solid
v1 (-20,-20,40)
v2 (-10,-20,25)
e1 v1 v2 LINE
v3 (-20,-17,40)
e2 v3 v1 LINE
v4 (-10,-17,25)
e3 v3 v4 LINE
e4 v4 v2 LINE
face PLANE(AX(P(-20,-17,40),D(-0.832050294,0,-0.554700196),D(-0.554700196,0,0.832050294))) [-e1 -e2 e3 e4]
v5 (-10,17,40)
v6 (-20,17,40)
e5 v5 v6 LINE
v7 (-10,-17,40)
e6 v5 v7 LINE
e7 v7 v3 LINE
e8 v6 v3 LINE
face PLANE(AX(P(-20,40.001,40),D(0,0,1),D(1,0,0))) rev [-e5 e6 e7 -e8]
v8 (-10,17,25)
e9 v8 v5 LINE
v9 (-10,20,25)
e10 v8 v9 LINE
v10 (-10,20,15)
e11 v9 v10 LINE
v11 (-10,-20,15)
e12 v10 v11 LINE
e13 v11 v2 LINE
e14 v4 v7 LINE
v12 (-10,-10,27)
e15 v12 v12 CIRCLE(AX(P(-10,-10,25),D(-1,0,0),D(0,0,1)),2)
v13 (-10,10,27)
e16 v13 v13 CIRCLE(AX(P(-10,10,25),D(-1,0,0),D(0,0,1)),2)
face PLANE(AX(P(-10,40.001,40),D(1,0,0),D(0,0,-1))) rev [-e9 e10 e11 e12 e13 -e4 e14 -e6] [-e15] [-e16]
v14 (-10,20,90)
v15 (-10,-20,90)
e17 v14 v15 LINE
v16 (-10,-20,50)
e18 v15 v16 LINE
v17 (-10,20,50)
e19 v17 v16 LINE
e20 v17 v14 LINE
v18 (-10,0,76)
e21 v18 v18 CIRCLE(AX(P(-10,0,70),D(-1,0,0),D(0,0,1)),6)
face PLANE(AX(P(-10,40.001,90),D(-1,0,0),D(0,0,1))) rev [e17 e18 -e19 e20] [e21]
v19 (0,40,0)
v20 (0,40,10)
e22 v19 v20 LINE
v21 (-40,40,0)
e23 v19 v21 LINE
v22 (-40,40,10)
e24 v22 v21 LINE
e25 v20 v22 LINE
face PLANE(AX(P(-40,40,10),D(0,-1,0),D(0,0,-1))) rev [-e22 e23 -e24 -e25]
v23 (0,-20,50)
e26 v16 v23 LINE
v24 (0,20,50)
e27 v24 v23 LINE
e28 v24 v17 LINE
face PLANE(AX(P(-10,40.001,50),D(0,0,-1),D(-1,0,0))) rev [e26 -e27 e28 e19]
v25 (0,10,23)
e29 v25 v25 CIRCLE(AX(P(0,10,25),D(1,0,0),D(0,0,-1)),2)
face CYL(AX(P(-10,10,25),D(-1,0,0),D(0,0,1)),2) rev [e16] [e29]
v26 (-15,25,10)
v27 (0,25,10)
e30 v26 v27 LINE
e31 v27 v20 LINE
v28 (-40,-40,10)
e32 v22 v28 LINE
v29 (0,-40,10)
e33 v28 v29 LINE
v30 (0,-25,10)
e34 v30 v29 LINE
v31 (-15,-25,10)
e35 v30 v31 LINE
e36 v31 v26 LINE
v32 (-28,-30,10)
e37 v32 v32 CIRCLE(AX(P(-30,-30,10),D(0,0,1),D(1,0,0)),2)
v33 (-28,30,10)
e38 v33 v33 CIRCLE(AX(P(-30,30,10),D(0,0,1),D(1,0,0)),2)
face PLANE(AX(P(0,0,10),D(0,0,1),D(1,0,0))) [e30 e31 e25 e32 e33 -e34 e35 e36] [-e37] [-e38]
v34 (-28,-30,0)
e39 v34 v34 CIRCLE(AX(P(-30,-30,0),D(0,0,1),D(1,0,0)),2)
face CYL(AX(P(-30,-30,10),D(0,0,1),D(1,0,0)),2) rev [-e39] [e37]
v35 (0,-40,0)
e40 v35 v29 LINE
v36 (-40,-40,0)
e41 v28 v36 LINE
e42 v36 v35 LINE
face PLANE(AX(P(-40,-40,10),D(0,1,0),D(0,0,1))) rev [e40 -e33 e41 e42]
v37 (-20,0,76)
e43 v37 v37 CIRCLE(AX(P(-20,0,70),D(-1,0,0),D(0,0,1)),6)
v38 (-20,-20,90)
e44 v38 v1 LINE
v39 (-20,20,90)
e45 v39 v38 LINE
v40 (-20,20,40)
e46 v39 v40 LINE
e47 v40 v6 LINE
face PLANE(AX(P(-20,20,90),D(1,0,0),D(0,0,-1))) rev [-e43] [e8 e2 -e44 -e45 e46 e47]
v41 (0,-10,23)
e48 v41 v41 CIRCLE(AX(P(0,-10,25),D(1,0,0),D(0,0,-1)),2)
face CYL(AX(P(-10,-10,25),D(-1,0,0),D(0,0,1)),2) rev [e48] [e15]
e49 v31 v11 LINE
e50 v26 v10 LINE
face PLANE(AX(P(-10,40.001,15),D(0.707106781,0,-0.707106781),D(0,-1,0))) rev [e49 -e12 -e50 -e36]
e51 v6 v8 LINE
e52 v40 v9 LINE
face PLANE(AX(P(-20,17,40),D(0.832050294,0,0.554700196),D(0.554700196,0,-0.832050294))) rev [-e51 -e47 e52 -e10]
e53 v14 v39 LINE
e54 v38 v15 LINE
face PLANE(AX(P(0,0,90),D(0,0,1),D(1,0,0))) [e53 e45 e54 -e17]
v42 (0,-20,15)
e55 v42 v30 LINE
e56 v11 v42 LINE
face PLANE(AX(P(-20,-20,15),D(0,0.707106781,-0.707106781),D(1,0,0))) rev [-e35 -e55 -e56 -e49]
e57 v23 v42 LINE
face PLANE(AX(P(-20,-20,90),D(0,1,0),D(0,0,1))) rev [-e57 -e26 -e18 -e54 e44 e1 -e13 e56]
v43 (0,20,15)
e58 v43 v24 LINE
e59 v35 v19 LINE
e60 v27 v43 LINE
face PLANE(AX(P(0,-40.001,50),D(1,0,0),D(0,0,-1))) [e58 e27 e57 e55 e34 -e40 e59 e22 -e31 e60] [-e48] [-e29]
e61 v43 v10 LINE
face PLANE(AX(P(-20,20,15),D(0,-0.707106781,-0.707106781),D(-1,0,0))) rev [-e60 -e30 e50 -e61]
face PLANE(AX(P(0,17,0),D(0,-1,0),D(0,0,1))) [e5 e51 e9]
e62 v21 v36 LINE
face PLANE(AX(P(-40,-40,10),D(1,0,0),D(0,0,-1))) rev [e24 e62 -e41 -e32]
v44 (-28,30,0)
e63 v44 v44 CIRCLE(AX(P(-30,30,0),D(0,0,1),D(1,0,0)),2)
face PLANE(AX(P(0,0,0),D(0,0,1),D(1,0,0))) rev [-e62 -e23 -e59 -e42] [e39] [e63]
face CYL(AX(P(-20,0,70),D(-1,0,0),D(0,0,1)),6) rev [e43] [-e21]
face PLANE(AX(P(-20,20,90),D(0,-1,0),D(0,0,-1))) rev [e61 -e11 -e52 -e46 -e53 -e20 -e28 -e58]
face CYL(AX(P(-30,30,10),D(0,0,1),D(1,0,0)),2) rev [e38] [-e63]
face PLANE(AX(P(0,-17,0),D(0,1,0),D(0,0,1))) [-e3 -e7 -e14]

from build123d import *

# Parameters (mm, degrees)
SKETCH1_W                      = 80
SKETCH1_H                      = 80
BOSS_EXTRUDE1_DEPTH            = 10
SKETCH2_W                      = 40
SKETCH2_H                      = 40
BOSS_EXTRUDE2_DEPTH            = 80
F_4_0_4_DIAMETER_HOLE1_D       = 4
CUT_EXTRUDE1_REACH             = 117.326
CUT_EXTRUDE1_DIRECTION_2_REACH = 117.326
CUT_EXTRUDE2_REACH             = 117.326
SKETCH10_W                     = 10
SKETCH10_H                     = 30
BOSS_EXTRUDE3_DEPTH            = 3
F_12_0_MM_DOWEL_HOLES1_D       = 12
CHAMFER1_SIZE                  = 5


with BuildPart() as part:
    # Sketch1 → Boss-Extrude1 (new body)
    with BuildSketch(Plane(origin=(0, 0, 0), x_dir=(0, 1, 0), z_dir=(0, 0, 1))):
        Rectangle(SKETCH1_W, SKETCH1_H)
    extrude(amount=BOSS_EXTRUDE1_DEPTH)

    # Sketch2 → Boss-Extrude2 (add)
    with BuildSketch(Plane.XY.offset(10)):
        Rectangle(SKETCH2_W, SKETCH2_H)
    extrude(amount=BOSS_EXTRUDE2_DEPTH)

    # Ø4.0 (4) Diameter Hole1 (through all)
    with Locations(Plane.XY.offset(10)):
        with Locations((-30, -30), (30, -30)):
            f_4_0_4_diameter_hole1 = Hole(F_4_0_4_DIAMETER_HOLE1_D / 2)

    # Sketch9 → Cut-Extrude1 (cut, up to next)
    with BuildSketch(Plane.XZ.offset(20), mode=Mode.PRIVATE) as cut_extrude1_sk1:
        Polygon((-10, 90), (40, 90), (40, 45), (40, 0), (0, 0), (0, 50), (-10, 50), align=None)
    cut_extrude1_tool1 = extrude(cut_extrude1_sk1.sketch, amount=-CUT_EXTRUDE1_REACH, mode=Mode.PRIVATE) & part.part
    add(cut_extrude1_tool1.solids().sort_by_distance((17.5, -20, 47.5))[0], mode=Mode.SUBTRACT)

    # Sketch9 → Cut-Extrude1 direction 2 (cut, up to next)
    with BuildSketch(Plane.XZ.offset(20), mode=Mode.PRIVATE) as cut_extrude1_direction_2_sk1:
        Polygon((-10, 90), (40, 90), (40, 45), (40, 0), (0, 0), (0, 50), (-10, 50), align=None)
    cut_extrude1_direction_2_tool1 = extrude(cut_extrude1_direction_2_sk1.sketch, amount=CUT_EXTRUDE1_DIRECTION_2_REACH, mode=Mode.PRIVATE) & part.part
    add(cut_extrude1_direction_2_tool1.solids().sort_by_distance((17.5, -20, 47.5))[0], mode=Mode.SUBTRACT)

    # Sketch10 → Cut-Extrude2 (cut, up to next)
    with BuildSketch(Plane.XZ.offset(20), mode=Mode.PRIVATE) as cut_extrude2_sk1:
        with Locations((-15, 25)):
            Rectangle(SKETCH10_W, SKETCH10_H)
    cut_extrude2_tool1 = extrude(cut_extrude2_sk1.sketch, amount=-CUT_EXTRUDE2_REACH, mode=Mode.PRIVATE) & part.part
    add(cut_extrude2_tool1.solids().sort_by_distance((-15, -20, 25))[0], mode=Mode.SUBTRACT)

    # Sketch11 → Boss-Extrude3 (add)
    with BuildSketch(Plane.XZ.offset(20)):
        Polygon((-20, 40), (-10, 25), (-10, 40), align=None)
    boss_extrude3 = extrude(amount=-BOSS_EXTRUDE3_DEPTH)

    # Mirror2: Boss-Extrude3 across plane
    add(boss_extrude3.mirror(Plane.ZX))

    # Sketch13 → Ø4.0 (4) Diameter Hole2 (revolve, cut)
    with BuildSketch(Plane(origin=(-10, 10, 25), x_dir=(0, 0, 1), z_dir=(0, 1, 0))):
        Polygon((0, 0), (0, 11.301721238), (2, 10.1), (2, 0), align=None)
    f_4_0_4_diameter_hole2 = revolve(axis=Axis((-16.35, 10, 25), (1, 0, 0)), mode=Mode.SUBTRACT)

    # Ø12.0 mm Dowel Holes1 (through all)
    with Locations(Plane(origin=(-20, 0, 0), x_dir=(0, -1, 0), z_dir=(-1, 0, 0))):
        with Locations((0, 70)):
            Hole(F_12_0_MM_DOWEL_HOLES1_D / 2)

    # Chamfer1
    chamfer1_edges = [part.edges().sort_by_distance(p)[0] for p in [
        (-5, 20, 10),
        (-5, -20, 10),
        (-10, 0, 10),
    ]]
    chamfer(chamfer1_edges, length=CHAMFER1_SIZE)

    # Mirror3: Ø4.0 (4) Diameter Hole1, Ø4.0 (4) Diameter Hole2 across plane
    add(f_4_0_4_diameter_hole1.mirror(Plane.ZX), mode=Mode.SUBTRACT)
    add(f_4_0_4_diameter_hole2.mirror(Plane.ZX), mode=Mode.SUBTRACT)


solid = part.part
